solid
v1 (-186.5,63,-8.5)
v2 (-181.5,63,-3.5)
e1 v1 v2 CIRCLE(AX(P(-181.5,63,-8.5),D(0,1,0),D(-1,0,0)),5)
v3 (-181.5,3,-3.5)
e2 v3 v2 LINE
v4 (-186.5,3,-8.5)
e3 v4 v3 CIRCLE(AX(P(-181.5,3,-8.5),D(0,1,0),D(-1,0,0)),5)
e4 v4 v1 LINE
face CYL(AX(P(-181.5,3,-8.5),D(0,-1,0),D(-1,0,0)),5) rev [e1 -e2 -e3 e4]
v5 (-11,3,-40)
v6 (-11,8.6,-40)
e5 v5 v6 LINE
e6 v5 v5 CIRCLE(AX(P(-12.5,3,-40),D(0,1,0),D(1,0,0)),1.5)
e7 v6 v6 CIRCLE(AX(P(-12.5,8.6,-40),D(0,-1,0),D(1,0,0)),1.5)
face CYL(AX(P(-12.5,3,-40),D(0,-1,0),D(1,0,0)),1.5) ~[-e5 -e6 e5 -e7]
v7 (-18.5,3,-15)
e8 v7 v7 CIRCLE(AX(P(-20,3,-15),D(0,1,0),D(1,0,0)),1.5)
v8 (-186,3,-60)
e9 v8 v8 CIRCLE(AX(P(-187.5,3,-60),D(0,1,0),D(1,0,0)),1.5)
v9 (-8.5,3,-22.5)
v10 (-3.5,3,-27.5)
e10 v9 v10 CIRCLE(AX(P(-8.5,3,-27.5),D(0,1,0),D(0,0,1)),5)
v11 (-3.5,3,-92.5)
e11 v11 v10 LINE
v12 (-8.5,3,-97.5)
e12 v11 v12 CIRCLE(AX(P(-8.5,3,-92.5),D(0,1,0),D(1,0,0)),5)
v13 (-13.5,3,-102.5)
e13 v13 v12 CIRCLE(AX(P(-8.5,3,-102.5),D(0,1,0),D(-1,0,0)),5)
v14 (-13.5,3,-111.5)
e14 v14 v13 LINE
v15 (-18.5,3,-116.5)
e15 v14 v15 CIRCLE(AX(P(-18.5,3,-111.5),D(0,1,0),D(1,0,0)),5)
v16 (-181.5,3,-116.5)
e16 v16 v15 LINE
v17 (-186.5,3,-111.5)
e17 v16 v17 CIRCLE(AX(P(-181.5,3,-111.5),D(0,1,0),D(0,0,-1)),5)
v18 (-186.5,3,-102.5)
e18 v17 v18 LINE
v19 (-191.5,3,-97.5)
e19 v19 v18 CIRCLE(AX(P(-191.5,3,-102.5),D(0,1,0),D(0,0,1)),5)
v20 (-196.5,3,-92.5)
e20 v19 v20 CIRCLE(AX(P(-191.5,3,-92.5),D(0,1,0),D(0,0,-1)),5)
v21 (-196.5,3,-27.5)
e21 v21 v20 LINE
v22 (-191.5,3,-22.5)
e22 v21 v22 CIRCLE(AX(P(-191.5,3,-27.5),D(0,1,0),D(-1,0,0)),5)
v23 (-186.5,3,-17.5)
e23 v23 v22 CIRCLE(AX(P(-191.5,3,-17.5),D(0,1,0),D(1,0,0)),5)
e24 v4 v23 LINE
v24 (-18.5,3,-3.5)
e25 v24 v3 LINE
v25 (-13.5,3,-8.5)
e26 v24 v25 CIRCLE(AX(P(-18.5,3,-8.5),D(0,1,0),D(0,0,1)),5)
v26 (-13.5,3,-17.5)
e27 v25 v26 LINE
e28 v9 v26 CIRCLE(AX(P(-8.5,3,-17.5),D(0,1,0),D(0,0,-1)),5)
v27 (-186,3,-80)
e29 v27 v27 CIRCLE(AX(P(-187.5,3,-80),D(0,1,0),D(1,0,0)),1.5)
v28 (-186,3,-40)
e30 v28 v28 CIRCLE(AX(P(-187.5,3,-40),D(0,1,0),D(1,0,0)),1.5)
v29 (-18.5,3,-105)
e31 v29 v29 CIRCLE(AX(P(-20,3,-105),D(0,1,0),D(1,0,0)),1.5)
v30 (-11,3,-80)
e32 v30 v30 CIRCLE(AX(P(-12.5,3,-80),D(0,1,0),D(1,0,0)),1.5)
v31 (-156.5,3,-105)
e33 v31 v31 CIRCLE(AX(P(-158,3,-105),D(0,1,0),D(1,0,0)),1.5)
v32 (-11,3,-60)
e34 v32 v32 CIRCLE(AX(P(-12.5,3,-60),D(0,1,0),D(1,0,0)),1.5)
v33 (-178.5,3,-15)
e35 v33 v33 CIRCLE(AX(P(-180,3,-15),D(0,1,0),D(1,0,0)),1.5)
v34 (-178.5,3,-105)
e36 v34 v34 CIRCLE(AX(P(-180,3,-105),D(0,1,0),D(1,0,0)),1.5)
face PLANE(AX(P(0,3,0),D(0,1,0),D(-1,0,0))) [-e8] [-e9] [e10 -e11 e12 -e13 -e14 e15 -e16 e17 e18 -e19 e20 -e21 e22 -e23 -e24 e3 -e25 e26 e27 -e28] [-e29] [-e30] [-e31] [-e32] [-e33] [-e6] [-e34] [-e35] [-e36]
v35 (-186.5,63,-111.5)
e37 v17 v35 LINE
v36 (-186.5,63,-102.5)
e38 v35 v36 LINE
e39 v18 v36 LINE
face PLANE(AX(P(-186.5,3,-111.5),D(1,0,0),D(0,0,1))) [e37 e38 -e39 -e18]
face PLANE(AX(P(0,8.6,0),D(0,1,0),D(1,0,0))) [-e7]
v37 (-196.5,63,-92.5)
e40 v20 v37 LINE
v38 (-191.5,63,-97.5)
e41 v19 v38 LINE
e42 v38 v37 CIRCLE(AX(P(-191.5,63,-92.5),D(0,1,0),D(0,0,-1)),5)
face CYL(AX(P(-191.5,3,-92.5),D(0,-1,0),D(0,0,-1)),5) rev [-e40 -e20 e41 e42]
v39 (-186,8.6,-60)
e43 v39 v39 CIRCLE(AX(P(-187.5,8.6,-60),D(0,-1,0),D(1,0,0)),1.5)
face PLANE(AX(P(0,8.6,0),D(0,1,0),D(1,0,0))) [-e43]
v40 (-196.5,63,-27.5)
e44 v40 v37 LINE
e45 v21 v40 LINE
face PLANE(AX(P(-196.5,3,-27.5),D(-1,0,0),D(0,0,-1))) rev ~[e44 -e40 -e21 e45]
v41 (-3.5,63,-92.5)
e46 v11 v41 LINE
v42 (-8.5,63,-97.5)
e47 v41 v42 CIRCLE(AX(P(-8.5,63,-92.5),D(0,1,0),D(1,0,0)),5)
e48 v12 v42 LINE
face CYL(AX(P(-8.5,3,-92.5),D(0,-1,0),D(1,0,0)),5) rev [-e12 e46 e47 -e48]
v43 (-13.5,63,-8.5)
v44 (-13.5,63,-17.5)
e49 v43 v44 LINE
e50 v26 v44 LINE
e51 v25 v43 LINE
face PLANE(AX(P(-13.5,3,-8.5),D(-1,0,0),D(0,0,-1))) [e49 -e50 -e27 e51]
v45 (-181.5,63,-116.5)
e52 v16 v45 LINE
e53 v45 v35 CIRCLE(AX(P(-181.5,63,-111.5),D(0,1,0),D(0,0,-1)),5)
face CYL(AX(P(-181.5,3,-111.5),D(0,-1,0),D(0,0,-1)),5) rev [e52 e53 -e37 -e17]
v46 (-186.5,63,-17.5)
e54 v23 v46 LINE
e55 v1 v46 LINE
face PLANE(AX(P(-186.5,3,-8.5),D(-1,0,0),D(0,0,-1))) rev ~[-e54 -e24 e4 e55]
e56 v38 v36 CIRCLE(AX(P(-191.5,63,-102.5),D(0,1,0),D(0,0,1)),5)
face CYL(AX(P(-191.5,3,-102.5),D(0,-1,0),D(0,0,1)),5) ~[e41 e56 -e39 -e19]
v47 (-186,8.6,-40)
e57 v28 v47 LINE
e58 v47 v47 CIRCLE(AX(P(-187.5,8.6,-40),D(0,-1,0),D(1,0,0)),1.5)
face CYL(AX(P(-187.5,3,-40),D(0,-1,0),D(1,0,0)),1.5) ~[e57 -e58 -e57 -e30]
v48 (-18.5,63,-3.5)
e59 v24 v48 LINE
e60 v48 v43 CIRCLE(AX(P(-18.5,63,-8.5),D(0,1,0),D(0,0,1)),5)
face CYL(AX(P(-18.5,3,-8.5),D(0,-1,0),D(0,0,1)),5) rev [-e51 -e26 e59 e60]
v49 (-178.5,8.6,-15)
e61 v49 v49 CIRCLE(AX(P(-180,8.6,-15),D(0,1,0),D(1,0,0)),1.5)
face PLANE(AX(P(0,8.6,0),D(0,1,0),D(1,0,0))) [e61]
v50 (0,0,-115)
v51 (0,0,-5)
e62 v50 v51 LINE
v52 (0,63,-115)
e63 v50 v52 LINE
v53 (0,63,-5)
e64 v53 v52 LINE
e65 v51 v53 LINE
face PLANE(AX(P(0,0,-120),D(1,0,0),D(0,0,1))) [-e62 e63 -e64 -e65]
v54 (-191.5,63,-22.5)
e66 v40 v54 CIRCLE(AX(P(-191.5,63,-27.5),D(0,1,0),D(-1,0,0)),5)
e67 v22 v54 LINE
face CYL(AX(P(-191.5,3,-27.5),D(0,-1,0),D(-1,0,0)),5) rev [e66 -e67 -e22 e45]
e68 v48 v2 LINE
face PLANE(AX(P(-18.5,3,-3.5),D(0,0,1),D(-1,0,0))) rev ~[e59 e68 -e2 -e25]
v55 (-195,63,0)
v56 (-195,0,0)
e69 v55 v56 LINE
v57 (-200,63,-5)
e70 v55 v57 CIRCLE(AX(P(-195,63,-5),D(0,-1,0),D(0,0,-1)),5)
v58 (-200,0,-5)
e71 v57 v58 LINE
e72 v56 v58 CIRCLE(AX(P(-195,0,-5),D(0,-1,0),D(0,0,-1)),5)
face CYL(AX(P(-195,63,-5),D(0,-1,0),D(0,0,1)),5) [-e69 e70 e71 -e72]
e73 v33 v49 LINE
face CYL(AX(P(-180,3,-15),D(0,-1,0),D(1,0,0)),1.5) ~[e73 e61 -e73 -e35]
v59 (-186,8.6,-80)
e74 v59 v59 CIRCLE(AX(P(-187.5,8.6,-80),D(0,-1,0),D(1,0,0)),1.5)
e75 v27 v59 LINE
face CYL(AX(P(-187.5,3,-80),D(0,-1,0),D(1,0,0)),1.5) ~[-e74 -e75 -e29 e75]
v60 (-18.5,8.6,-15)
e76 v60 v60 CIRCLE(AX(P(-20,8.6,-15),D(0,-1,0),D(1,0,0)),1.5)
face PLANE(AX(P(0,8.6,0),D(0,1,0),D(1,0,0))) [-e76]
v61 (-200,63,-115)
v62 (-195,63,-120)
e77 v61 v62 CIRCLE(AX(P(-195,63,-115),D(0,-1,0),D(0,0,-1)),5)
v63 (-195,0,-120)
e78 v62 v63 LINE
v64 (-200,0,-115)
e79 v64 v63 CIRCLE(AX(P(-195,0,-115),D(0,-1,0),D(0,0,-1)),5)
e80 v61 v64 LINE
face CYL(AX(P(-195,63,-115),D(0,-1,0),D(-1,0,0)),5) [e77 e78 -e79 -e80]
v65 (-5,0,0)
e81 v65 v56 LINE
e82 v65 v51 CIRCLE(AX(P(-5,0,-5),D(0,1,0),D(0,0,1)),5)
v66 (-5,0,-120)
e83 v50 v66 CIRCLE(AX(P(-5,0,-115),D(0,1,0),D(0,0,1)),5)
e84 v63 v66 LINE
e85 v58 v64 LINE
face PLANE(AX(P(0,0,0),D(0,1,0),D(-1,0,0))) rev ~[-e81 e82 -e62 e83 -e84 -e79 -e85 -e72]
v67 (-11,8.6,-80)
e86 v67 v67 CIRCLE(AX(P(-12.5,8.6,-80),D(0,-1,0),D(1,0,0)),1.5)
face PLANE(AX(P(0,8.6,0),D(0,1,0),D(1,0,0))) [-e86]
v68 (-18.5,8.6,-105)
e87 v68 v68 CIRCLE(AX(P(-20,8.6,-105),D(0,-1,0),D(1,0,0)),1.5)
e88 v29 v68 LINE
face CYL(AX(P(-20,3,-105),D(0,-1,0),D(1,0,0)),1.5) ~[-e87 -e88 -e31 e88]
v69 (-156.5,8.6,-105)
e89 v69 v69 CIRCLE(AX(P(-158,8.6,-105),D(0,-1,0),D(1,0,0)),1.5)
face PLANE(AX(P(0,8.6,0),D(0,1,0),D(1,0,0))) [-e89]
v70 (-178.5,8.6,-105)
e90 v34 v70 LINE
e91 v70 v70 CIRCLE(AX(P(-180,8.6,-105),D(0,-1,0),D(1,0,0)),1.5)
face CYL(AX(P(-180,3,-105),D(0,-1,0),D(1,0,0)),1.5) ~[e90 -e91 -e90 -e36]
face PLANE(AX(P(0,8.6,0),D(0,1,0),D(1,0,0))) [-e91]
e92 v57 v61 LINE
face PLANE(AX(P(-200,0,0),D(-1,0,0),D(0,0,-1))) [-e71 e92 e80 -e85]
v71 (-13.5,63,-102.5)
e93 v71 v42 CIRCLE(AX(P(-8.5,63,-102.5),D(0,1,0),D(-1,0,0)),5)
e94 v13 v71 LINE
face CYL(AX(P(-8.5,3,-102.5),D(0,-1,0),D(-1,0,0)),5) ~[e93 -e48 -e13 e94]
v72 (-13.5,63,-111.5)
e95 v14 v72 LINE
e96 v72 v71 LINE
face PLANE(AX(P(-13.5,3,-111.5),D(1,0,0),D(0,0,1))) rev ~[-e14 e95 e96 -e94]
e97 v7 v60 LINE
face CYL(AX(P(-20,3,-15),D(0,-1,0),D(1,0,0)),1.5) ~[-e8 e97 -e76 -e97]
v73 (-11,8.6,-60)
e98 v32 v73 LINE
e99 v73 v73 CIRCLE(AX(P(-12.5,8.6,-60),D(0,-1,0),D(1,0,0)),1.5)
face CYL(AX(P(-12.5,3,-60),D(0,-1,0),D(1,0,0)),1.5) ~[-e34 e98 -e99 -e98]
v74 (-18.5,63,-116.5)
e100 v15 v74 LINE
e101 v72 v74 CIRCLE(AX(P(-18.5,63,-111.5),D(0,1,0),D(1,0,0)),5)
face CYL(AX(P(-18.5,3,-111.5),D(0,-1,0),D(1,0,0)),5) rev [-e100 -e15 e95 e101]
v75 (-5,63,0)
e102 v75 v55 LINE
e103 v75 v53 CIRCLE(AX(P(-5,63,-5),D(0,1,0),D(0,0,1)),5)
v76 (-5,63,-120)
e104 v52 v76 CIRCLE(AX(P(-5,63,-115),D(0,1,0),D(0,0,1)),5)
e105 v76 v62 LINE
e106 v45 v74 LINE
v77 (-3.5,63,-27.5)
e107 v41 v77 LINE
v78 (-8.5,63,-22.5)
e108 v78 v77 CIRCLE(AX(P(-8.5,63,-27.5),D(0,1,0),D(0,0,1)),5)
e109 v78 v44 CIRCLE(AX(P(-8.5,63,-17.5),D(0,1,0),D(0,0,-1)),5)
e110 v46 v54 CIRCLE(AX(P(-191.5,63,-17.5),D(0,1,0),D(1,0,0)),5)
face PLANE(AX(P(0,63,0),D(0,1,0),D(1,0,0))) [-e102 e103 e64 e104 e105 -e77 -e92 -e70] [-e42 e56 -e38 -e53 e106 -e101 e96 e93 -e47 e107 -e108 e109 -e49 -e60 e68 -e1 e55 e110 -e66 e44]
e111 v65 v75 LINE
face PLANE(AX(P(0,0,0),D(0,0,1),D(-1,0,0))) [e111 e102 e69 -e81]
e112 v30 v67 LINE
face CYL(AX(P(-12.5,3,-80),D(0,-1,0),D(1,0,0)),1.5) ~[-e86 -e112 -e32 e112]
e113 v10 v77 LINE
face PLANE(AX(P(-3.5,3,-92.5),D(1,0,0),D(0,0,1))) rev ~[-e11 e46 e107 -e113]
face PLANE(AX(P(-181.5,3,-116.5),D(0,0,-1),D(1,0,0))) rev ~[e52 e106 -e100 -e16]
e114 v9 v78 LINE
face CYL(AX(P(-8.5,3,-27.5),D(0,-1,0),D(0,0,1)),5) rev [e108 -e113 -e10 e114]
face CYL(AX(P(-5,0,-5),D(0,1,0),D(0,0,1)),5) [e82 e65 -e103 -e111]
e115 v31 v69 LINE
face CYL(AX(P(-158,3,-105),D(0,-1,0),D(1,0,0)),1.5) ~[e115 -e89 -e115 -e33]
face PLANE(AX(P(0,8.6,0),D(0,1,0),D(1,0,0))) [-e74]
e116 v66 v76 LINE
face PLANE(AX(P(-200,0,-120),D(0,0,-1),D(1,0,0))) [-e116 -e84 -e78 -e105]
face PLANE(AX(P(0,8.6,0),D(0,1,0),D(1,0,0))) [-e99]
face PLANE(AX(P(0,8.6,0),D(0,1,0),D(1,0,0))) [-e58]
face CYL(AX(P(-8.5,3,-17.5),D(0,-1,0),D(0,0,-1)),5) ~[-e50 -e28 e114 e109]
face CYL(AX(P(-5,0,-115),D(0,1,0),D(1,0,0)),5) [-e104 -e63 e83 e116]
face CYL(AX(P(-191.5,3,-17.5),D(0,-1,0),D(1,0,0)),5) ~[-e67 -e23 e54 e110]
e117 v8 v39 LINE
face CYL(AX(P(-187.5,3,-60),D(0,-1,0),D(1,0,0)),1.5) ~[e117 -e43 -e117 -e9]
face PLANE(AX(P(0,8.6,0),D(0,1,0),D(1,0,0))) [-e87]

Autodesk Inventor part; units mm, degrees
ref_plane "YZ Plane" through (0, 0, 0) normal (1, 0, 0) x (0, 1, 0)
ref_plane "XZ Plane" through (0, 0, 0) normal (0, 1, 0) x (-1, 0, 0)
ref_plane "XY Plane" through (0, 0, 0) normal (0, 0, 1) x (1, 0, 0)
sketch "Sketch1" plane through (0, 0, 0) normal (0, 1, 0) x (-1, 0, 0)
  line L0 (0, 0) -> (200, 0)
  line L1 (200, 0) -> (200, -120)
  line L2 (200, -120) -> (0, -120)
  line L3 (0, -120) -> (0, 0)
  dimension "d0" = 200
  dimension "d1" = 120
extrude "Extrusion1" add sketch "Sketch1" along normal blind 3
sketch "Sketch2" plane through (0, 3, 0) normal (0, 1, 0) x (1, 0, 0)
  line L0 (-200, 0) -> (0, 0) projected
  line L1 (0, 0) -> (0, 120) projected
  line L2 (0, 120) -> (-200, 120) projected
  line L3 (-200, 120) -> (-200, 0) projected
  line L4 (-181.5, 116.5) -> (-18.5, 116.5)
  line L5 (-3.5, 92.5) -> (-3.5, 27.5)
  line L6 (-18.5, 3.5) -> (-181.5, 3.5)
  line L7 (-196.5, 27.5) -> (-196.5, 92.5)
  line L8 (-196.5, 3.5) -> (-186.5, 3.5)
  line L9 (-186.5, 8.5) -> (-186.5, 17.5)
  line L10 (-191.5, 22.5) -> (-191.5, 22.5)
  line L11 (-196.5, 22.5) -> (-196.5, 3.5)
  line L12 (-196.5, 116.5) -> (-186.5, 116.5)
  line L13 (-186.5, 111.5) -> (-186.5, 102.5)
  line L14 (-191.5, 97.5) -> (-191.5, 97.5)
  line L15 (-196.5, 97.5) -> (-196.5, 116.5)
  line L16 (-3.5, 116.5) -> (-13.5, 116.5)
  line L17 (-13.5, 111.5) -> (-13.5, 102.5)
  line L18 (-8.5, 97.5) -> (-8.5, 97.5)
  line L19 (-3.5, 97.5) -> (-3.5, 116.5)
  line L20 (-3.5, 3.5) -> (-13.5, 3.5)
  line L21 (-13.5, 8.5) -> (-13.5, 17.5)
  line L22 (-8.5, 22.5) -> (-8.5, 22.5)
  line L23 (-3.5, 22.5) -> (-3.5, 3.5)
  arc A0 (-3.5, 92.5) -> (-8.5, 97.5) centre (-8.5, 92.5) ccw
  arc A1 (-13.5, 111.5) -> (-18.5, 116.5) centre (-18.5, 111.5) ccw
  arc A2 (-8.5, 22.5) -> (-3.5, 27.5) centre (-8.5, 27.5) ccw
  arc A3 (-18.5, 3.5) -> (-13.5, 8.5) centre (-18.5, 8.5) ccw
  arc A4 (-186.5, 8.5) -> (-181.5, 3.5) centre (-181.5, 8.5) ccw
  arc A5 (-196.5, 27.5) -> (-191.5, 22.5) centre (-191.5, 27.5) ccw
  arc A6 (-191.5, 97.5) -> (-196.5, 92.5) centre (-191.5, 92.5) ccw
  arc A7 (-181.5, 116.5) -> (-186.5, 111.5) centre (-181.5, 111.5) ccw
  arc A8 (-191.5, 97.5) -> (-186.5, 102.5) centre (-191.5, 102.5) ccw
  arc A9 (-186.5, 17.5) -> (-191.5, 22.5) centre (-191.5, 17.5) ccw
  arc A10 (-8.5, 22.5) -> (-13.5, 17.5) centre (-8.5, 17.5) ccw
  arc A11 (-13.5, 102.5) -> (-8.5, 97.5) centre (-8.5, 102.5) ccw
  line L24 (-196.5, 116.5) -> (-200, 116.5)
  line L25 (-196.5, 3.5) -> (-200, 3.5)
  line L26 (-3.5, 3.5) -> (-3.5, 0)
  line L27 (-3.5, 116.5) -> (-3.5, 120)
  line L28 (-196.5, 3.5) -> (-196.5, 0)
  point P0 (-186.5, 22.5)
  point P1 (-186.5, 97.5)
  point P2 (-13.5, 97.5)
  point P3 (-13.5, 22.5)
  dimension "d4" = 3.5
  dimension "d7" = 10
  dimension "d8" = 19
  dimension "d9" = 10
  dimension "d10" = 19
  dimension "d11" = 10
  dimension "d12" = 19
  dimension "d13" = 10
  dimension "d14" = 19
  dimension "d15" = 5
  dimension "d16" = 5
  dimension "d17" = 5
  dimension "d18" = 5
  dimension "d19" = 5
  dimension "d20" = 5
  dimension "d21" = 5
  dimension "d22" = 5
  dimension "d23" = 5
  dimension "d73" = 3.5
  dimension "d74" = 3.5
  dimension "d75" = 3.5
  dimension "d78" = 3.5
extrude "Extrusion2" add sketch "Sketch2" along normal blind 60
sketch "Sketch3" plane through (0, 3, 0) normal (0, 1, 0) x (1, 0, 0)
  line L0 (-200, 120) -> (-200, 105)
  line L1 (-200, 120) -> (-200, 0) projected
  line L2 (0, 120) -> (0, 0) projected
  line L3 (0, 0) -> (0, 15)
  line L4 (-181.5, 3.5) -> (-18.5, 3.5) projected
  circle A0 centre (-180, 105) radius 1.5
  line L5 (-180, 105) -> (-158, 105)
  circle A1 centre (-158, 105) radius 1.5
  circle A2 centre (-187.5, 60) radius 1.5
  line L6 (-187.5, 60) -> (-187.5, 80)
  line L7 (-187.5, 60) -> (-187.5, 40)
  circle A3 centre (-187.5, 40) radius 1.5
  circle A4 centre (-187.5, 80) radius 1.5
  line L8 (-200, 0) -> (-200, 120) projected
  line L9 (-187.5, 60) -> (-12.5, 60)
  circle A5 centre (-12.5, 60) radius 1.5
  line L10 (0, 120) -> (-200, 120) projected
  line L11 (-100, 120) -> (-100, 0)
  line L12 (0, 0) -> (-200, 0) projected
  circle A6 centre (-20, 105) radius 1.5
  line L13 (-180, 105) -> (-181.5, 105)
  line L14 (-184, 106) -> (-200, 106)
  line L15 (-180, 105) -> (-159.5, 105)
  line L16 (-180, 15) -> (-20, 15)
  circle A7 centre (-180, 15) radius 1.5
  line L17 (-84.857, 105) -> (-84.857, 15)
  line L18 (-158, 105) -> (-20, 105)
  circle A8 centre (-20, 15) radius 1.5
  line L19 (-12.5, 60) -> (-12.5, 40)
  line L20 (-12.5, 60) -> (-12.5, 80)
  circle A9 centre (-12.5, 80) radius 1.5
  circle A10 centre (-12.5, 40) radius 1.5
  line L21 (-180, 105) -> (-20, 105)
  line L22 (-13.5, 111.5) -> (-13.5, 102.5) projected
  point P0 (-100, 60)
  point P1 (-100, 15)
  point P2 (-84.857, 60)
  point P3 (-100, 105)
  dimension "d35" = 3
  dimension "d37" = 3
  dimension "d24" = 15
  dimension "d36" = 22
  dimension "d41" = 3
  dimension "d44" = 20
  dimension "d45" = 20
  dimension "d54" = 175
  dimension "d55" = 3
  dimension "d57" = 3
  dimension "d59" = 160
  dimension "d60" = 3
  dimension "d62" = 90
  dimension "d63" = 3
  dimension "d64" = 20
  dimension "d65" = 20
  dimension "d66" = 3
  dimension "d67" = 3
  dimension "d68" = 3
  dimension "d69" = 3
  dimension "d72" = 138
fillet "Fillet2" radius 5 4 edges at (0, 31.5, 0) (0, 31.5, -120) (-200, 31.5, -120) (-200, 31.5, 0)
extrude "Extrusion4" add sketch "Sketch3" along normal blind 5.6 contours A7 | A3 | A4 | A2 L7 L9 | L9 L6 A2 | A0 L13 L5 | L5 L13 A0 | A1 L5 L18 | L18 L5 A1 | A6 | A9 | A10 | A5 L20 L9 | L9 L19 A5 | A8 | L6 L7 A2 | L20 A5 L19
properties part number "boks"
